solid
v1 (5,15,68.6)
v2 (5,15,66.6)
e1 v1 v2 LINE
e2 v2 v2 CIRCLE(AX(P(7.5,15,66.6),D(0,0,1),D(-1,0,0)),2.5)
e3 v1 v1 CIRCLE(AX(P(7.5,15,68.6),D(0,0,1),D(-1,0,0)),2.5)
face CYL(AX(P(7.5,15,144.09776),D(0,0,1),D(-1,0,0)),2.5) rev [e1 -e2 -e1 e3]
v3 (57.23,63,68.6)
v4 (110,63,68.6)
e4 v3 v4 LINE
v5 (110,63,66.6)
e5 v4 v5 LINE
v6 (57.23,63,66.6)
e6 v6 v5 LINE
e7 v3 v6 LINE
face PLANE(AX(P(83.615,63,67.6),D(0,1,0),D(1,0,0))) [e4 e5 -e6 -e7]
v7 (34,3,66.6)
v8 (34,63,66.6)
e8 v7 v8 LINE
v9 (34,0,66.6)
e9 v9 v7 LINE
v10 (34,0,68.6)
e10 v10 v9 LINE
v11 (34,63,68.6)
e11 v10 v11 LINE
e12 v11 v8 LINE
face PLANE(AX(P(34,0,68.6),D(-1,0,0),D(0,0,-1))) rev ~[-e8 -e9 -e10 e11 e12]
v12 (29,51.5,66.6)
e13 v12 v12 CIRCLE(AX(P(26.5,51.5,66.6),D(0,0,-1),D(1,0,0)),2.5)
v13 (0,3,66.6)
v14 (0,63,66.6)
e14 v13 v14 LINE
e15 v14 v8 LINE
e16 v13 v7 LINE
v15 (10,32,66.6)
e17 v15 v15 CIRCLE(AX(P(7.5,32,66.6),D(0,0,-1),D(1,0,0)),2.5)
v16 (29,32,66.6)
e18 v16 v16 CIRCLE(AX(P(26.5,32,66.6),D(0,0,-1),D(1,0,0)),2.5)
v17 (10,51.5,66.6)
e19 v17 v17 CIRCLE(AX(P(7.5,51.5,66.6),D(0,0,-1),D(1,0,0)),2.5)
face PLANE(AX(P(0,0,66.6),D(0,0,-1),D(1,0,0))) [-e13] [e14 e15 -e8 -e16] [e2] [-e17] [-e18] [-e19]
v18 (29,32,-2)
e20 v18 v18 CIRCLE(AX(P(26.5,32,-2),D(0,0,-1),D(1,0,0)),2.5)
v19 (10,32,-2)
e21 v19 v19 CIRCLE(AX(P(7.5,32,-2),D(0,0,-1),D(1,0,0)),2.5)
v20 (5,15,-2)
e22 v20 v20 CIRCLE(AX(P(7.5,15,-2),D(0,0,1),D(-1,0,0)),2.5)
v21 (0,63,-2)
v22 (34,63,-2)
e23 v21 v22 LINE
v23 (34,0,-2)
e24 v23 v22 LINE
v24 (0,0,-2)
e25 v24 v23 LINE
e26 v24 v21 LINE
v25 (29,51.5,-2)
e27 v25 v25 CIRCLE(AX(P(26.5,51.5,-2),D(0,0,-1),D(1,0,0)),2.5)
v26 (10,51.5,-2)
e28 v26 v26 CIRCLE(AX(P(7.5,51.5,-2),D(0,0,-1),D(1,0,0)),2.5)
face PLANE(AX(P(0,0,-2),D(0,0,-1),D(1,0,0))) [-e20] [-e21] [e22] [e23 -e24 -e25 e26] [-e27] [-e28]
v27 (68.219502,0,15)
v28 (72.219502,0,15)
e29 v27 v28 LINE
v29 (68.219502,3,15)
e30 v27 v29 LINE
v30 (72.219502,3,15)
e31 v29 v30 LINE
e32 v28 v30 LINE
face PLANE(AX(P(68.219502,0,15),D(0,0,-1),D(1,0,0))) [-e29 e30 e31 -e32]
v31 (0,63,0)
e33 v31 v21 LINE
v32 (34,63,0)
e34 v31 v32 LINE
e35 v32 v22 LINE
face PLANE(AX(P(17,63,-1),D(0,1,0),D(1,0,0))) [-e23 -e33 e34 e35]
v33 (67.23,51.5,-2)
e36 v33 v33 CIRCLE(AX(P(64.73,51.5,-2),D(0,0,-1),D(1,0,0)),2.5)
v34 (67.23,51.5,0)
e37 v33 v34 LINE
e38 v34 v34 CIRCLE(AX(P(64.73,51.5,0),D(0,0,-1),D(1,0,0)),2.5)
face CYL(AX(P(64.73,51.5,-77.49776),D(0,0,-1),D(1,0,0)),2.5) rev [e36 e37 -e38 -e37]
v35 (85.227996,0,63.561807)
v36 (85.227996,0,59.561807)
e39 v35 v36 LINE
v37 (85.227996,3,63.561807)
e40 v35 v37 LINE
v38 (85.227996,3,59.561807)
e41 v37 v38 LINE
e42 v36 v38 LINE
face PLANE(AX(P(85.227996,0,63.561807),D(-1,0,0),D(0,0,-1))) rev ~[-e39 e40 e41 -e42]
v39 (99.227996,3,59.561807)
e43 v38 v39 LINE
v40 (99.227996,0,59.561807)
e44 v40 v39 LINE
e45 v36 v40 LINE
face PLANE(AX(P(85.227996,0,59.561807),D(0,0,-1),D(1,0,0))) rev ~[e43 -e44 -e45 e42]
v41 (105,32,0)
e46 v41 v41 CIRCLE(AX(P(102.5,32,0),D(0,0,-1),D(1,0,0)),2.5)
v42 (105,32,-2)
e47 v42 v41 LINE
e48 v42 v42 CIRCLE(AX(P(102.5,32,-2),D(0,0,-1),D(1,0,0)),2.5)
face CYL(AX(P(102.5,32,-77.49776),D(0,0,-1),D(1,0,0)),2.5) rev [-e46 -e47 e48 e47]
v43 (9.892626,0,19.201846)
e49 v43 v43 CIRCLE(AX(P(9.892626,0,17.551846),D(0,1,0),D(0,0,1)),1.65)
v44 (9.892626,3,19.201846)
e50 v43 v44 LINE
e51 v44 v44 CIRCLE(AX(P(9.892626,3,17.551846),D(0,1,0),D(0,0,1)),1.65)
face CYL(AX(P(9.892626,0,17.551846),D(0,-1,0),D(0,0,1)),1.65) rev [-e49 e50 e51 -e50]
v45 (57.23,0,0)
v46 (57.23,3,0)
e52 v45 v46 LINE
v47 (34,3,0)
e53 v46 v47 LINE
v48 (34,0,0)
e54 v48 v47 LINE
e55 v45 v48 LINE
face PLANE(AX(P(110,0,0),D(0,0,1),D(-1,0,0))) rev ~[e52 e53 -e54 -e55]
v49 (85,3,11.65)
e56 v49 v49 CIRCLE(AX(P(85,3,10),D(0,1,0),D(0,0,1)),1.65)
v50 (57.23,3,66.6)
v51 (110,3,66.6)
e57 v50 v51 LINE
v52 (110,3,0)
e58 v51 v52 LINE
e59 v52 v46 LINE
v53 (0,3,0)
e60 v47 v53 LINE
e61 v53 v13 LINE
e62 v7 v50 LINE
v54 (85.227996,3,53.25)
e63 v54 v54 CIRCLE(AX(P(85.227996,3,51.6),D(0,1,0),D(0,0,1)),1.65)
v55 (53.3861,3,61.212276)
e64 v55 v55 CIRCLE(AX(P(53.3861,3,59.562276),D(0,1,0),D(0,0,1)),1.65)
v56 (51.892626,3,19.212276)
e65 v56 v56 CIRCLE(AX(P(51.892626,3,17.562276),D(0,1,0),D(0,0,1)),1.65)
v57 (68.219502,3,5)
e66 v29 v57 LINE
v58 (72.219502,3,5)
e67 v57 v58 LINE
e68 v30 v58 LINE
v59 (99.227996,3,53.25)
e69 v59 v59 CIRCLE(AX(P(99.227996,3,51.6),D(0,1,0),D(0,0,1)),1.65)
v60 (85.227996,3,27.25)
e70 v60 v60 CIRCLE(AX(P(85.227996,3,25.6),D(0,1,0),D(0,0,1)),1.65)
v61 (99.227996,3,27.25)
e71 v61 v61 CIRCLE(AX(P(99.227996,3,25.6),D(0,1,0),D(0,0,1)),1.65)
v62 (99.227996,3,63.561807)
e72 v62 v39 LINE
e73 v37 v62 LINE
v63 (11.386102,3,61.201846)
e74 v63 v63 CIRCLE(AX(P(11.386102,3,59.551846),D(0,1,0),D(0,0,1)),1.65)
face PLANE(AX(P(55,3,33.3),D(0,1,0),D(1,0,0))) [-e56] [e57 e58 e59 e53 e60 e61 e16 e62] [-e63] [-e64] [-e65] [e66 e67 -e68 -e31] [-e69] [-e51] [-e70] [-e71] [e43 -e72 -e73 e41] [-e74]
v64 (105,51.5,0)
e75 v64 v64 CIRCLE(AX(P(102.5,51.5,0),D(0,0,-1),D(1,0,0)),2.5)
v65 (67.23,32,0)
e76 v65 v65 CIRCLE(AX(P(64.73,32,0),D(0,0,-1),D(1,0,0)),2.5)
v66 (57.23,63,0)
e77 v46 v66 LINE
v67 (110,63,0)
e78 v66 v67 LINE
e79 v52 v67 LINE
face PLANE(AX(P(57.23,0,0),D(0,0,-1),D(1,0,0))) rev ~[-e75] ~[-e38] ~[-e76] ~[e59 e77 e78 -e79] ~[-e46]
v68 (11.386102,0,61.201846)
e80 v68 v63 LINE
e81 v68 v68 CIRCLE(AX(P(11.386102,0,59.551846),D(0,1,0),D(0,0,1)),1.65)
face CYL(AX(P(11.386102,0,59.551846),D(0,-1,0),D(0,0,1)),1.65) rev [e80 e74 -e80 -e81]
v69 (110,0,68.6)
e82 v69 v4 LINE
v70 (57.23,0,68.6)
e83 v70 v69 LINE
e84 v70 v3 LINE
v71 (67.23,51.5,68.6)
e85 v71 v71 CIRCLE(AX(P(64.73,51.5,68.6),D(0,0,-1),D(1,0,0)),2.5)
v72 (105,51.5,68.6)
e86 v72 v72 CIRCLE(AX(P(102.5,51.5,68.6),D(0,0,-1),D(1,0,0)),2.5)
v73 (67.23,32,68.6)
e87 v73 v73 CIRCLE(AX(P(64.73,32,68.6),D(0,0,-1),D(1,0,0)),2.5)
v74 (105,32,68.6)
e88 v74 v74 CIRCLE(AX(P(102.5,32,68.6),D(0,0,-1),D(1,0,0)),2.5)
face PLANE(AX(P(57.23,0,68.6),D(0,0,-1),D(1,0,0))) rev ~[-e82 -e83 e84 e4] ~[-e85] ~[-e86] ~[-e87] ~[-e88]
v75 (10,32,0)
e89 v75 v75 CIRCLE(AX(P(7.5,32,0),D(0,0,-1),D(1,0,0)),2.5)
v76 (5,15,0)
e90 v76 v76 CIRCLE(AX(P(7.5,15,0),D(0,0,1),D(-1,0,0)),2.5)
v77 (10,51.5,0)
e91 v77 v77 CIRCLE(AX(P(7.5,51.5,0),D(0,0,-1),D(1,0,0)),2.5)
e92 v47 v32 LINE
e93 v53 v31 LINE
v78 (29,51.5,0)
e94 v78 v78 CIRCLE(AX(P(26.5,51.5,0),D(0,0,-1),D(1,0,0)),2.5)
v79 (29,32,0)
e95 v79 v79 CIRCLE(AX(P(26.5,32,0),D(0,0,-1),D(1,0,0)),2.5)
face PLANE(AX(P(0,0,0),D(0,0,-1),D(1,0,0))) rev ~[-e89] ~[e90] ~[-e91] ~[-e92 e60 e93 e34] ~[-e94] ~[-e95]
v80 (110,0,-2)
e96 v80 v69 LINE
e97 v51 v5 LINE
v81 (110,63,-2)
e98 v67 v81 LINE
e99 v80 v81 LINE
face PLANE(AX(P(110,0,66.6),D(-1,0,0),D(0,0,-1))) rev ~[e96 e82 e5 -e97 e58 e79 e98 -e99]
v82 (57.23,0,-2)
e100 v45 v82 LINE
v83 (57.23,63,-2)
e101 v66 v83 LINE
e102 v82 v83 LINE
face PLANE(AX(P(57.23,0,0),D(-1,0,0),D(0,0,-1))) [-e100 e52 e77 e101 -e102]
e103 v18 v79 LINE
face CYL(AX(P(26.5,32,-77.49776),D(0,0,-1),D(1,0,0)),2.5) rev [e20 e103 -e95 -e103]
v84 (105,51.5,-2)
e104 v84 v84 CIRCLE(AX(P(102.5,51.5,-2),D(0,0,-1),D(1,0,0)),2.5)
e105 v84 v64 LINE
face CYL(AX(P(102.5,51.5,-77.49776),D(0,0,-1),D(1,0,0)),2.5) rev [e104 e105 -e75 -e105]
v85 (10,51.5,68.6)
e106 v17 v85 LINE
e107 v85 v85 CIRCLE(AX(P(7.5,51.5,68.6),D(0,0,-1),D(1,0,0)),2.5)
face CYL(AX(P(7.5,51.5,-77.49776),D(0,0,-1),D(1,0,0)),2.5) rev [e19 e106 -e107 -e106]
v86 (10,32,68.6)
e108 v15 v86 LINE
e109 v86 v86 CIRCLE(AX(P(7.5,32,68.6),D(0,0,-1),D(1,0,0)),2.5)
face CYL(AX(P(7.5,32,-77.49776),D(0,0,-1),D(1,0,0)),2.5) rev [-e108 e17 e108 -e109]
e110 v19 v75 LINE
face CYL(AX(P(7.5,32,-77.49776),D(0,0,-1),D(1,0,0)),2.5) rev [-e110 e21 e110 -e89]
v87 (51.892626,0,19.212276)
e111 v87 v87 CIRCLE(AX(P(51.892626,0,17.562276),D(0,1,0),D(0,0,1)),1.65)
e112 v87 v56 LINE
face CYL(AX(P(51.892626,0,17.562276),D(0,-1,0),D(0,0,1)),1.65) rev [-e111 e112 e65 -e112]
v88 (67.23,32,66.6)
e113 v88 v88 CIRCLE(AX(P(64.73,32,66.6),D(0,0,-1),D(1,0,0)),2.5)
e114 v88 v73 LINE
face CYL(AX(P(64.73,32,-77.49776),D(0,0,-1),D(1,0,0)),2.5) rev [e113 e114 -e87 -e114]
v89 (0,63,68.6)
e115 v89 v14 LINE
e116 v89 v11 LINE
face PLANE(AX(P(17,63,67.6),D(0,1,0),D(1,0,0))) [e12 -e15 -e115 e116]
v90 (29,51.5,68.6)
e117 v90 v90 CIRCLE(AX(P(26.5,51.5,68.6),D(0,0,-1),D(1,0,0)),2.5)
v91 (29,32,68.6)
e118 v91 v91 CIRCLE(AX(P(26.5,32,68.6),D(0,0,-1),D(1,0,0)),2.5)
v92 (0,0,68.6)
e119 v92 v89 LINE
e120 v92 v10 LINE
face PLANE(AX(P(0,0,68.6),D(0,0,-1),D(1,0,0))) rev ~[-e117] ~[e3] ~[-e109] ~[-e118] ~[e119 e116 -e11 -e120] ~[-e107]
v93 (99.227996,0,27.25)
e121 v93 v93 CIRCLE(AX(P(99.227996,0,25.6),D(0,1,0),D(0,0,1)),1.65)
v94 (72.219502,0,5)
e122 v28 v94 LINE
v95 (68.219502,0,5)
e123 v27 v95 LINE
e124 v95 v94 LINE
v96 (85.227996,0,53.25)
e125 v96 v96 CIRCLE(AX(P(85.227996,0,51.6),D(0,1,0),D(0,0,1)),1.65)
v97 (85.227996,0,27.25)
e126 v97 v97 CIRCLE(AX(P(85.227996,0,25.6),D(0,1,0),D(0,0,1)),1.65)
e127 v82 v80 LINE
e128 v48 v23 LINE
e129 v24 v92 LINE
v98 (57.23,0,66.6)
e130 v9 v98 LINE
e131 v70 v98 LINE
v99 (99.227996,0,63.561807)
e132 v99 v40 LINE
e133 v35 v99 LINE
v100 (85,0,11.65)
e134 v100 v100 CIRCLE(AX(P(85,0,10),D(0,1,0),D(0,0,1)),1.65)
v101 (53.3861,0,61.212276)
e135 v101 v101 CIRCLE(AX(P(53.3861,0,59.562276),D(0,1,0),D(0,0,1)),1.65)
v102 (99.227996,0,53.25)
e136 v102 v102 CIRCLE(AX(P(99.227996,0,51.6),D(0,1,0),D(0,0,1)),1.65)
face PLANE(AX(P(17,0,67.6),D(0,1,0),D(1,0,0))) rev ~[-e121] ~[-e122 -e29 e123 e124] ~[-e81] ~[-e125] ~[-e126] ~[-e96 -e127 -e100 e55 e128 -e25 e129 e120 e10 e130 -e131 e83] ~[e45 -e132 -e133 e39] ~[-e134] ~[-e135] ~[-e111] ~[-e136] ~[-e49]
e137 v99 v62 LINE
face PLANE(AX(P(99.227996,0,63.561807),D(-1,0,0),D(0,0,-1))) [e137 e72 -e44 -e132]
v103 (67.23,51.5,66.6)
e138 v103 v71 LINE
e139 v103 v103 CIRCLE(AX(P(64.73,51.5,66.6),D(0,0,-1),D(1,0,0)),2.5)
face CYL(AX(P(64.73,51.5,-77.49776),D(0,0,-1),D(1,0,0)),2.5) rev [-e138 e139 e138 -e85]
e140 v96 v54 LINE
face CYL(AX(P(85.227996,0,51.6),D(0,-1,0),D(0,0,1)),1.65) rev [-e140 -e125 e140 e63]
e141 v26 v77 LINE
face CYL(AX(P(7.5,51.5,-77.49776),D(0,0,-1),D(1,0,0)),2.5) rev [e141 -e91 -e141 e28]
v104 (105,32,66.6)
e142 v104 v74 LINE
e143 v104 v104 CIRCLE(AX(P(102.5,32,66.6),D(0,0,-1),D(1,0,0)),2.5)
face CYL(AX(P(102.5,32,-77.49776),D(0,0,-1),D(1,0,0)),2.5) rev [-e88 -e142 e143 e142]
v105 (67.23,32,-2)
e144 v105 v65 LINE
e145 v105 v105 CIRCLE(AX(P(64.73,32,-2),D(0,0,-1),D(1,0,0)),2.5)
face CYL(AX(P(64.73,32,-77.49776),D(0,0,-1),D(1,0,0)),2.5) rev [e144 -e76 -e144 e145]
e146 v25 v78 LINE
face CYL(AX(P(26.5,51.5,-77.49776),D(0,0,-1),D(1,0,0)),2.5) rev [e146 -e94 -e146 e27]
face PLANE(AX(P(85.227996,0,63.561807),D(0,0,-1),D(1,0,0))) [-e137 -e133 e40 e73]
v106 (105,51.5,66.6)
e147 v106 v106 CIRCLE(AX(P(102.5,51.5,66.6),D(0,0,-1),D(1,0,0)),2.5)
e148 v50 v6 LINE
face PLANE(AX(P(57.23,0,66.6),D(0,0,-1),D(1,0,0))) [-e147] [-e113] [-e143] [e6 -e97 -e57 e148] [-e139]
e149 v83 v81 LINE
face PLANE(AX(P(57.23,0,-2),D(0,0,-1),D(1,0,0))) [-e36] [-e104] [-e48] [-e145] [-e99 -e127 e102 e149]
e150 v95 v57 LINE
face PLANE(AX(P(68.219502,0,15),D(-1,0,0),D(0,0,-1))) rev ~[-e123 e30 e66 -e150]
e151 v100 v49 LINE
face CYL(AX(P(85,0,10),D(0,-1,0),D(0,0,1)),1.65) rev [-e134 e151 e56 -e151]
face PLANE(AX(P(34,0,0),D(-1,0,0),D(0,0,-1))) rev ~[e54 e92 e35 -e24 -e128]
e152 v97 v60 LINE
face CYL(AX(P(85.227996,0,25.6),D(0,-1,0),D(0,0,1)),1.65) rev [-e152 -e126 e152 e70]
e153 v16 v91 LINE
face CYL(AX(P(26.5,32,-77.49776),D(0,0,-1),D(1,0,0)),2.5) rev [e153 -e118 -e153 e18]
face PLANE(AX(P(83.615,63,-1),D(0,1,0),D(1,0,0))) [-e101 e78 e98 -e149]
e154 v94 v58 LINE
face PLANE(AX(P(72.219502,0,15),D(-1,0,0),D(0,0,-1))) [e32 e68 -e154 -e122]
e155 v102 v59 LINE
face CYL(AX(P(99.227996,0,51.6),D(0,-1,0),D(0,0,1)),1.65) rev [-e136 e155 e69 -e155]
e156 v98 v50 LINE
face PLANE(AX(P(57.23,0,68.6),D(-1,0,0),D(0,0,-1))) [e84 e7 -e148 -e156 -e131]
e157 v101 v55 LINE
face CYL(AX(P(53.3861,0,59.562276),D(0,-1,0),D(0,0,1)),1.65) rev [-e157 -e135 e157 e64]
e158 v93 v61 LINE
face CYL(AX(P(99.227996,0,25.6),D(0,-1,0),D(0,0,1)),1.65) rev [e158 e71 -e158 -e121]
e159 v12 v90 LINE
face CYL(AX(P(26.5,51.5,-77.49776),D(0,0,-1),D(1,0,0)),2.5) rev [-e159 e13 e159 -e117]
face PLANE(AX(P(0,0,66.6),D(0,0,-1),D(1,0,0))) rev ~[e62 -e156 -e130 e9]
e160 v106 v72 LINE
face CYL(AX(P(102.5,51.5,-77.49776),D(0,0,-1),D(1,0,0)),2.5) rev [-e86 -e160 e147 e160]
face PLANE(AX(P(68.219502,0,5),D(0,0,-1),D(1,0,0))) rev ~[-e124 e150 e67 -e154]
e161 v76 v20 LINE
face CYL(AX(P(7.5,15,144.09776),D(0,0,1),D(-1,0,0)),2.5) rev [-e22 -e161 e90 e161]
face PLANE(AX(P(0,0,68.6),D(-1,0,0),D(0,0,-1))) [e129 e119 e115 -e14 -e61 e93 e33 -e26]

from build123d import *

# Parameters (mm, degrees)
SKETCH_1_R               = 1.65
SKETCH_1_W               = 14
SKETCH_1_H               = 4
SKETCH_1_W_2             = 4
SKETCH_1_H_2             = 10
EXTRUDE_2_DEPTH          = 3
SKETCH_1_3_W             = 34
SKETCH_1_3_H             = 2
SKETCH_1_3_W_2           = 52.77
EXTRUDE_3_DEPTH          = 63
CUT_EXTRUDE_1_DEPTH      = 146.097760148
CUT_EXTRUDE_1_DEPTH_BACK = 146.097760148
SKETCH_2_R               = 2.5
CUT_EXTRUDE_2_DEPTH      = 146.097760148
CUT_EXTRUDE_2_DEPTH_BACK = 146.097760148
SKETCH_4_R               = 2.5


with BuildPart() as part:
    # 草图1 → 凸台-拉伸2 (new body)
    with BuildSketch(Plane(origin=(0, 0, 0), x_dir=(1, 0, 0), z_dir=(0, 1, 0))):
        Polygon((34, 0), (0, 0), (0, -66.6), (34, -66.6), (57.23, -66.6), (110, -66.6), (110, 0), (57.23, 0), align=None)
        with Locations((11.386101665, -59.551846161)):
            Circle(SKETCH_1_R, mode=Mode.SUBTRACT)
        with Locations((53.38610037, -59.562276184)):
            Circle(SKETCH_1_R, mode=Mode.SUBTRACT)
        with Locations((92.227995582, -61.561806958)):
            Rectangle(SKETCH_1_W, SKETCH_1_H, mode=Mode.SUBTRACT)
        with Locations((85.227995582, -51.6)):
            Circle(SKETCH_1_R, mode=Mode.SUBTRACT)
        with Locations((99.227995582, -51.6)):
            Circle(SKETCH_1_R, mode=Mode.SUBTRACT)
        with Locations((9.892625589, -17.551846161)):
            Circle(SKETCH_1_R, mode=Mode.SUBTRACT)
        with Locations((51.892625589, -17.562276184)):
            Circle(SKETCH_1_R, mode=Mode.SUBTRACT)
        with Locations((85.227995582, -25.6)):
            Circle(SKETCH_1_R, mode=Mode.SUBTRACT)
        with Locations((99.227995582, -25.6)):
            Circle(SKETCH_1_R, mode=Mode.SUBTRACT)
        with Locations((70.219502327, -10)):
            Rectangle(SKETCH_1_W_2, SKETCH_1_H_2, mode=Mode.SUBTRACT)
        with Locations((85, -10)):
            Circle(SKETCH_1_R, mode=Mode.SUBTRACT)
    extrude(amount=EXTRUDE_2_DEPTH)

    # 草图1<3> → 凸台-拉伸3 (add)
    with BuildSketch(Plane(origin=(0, 0, 0), x_dir=(1, 0, 0), z_dir=(0, 1, 0))):
        with Locations((17, -67.6)):
            Rectangle(SKETCH_1_3_W, SKETCH_1_3_H)
        with Locations((83.615, -67.6)):
            Rectangle(SKETCH_1_3_W_2, SKETCH_1_3_H)
        with Locations((17, 1)):
            Rectangle(SKETCH_1_3_W, SKETCH_1_3_H)
        with Locations((83.615, 1)):
            Rectangle(SKETCH_1_3_W_2, SKETCH_1_3_H)
    extrude(amount=EXTRUDE_3_DEPTH)

    # 草图2 → 切除-拉伸1 (cut, two sides: drawn at the far end of the back side and taken through both)
    with BuildSketch(Plane.XY.offset(68.6).offset(-CUT_EXTRUDE_1_DEPTH_BACK)):
        with Locations((64.73, 32)):
            Circle(SKETCH_2_R)
        with Locations((102.5, 32)):
            Circle(SKETCH_2_R)
        with Locations((64.73, 51.5)):
            Circle(SKETCH_2_R)
        with Locations((102.5, 51.5)):
            Circle(SKETCH_2_R)
        with Locations((26.5, 32)):
            Circle(SKETCH_2_R)
        with Locations((7.5, 32)):
            Circle(SKETCH_2_R)
        with Locations((26.5, 51.5)):
            Circle(SKETCH_2_R)
        with Locations((7.5, 51.5)):
            Circle(SKETCH_2_R)
    extrude(amount=CUT_EXTRUDE_1_DEPTH + CUT_EXTRUDE_1_DEPTH_BACK, mode=Mode.SUBTRACT)

    # 草图4 → 切除-拉伸2 (cut, two sides: drawn at the far end of the back side and taken through both)
    with BuildSketch(Plane(origin=(0, 0, -2), x_dir=(-1, 0, 0), z_dir=(0, 0, -1)).offset(-CUT_EXTRUDE_2_DEPTH_BACK)):
        with Locations((-7.5, 15)):
            Circle(SKETCH_4_R)
    extrude(amount=CUT_EXTRUDE_2_DEPTH + CUT_EXTRUDE_2_DEPTH_BACK, mode=Mode.SUBTRACT)


solid = part.part
